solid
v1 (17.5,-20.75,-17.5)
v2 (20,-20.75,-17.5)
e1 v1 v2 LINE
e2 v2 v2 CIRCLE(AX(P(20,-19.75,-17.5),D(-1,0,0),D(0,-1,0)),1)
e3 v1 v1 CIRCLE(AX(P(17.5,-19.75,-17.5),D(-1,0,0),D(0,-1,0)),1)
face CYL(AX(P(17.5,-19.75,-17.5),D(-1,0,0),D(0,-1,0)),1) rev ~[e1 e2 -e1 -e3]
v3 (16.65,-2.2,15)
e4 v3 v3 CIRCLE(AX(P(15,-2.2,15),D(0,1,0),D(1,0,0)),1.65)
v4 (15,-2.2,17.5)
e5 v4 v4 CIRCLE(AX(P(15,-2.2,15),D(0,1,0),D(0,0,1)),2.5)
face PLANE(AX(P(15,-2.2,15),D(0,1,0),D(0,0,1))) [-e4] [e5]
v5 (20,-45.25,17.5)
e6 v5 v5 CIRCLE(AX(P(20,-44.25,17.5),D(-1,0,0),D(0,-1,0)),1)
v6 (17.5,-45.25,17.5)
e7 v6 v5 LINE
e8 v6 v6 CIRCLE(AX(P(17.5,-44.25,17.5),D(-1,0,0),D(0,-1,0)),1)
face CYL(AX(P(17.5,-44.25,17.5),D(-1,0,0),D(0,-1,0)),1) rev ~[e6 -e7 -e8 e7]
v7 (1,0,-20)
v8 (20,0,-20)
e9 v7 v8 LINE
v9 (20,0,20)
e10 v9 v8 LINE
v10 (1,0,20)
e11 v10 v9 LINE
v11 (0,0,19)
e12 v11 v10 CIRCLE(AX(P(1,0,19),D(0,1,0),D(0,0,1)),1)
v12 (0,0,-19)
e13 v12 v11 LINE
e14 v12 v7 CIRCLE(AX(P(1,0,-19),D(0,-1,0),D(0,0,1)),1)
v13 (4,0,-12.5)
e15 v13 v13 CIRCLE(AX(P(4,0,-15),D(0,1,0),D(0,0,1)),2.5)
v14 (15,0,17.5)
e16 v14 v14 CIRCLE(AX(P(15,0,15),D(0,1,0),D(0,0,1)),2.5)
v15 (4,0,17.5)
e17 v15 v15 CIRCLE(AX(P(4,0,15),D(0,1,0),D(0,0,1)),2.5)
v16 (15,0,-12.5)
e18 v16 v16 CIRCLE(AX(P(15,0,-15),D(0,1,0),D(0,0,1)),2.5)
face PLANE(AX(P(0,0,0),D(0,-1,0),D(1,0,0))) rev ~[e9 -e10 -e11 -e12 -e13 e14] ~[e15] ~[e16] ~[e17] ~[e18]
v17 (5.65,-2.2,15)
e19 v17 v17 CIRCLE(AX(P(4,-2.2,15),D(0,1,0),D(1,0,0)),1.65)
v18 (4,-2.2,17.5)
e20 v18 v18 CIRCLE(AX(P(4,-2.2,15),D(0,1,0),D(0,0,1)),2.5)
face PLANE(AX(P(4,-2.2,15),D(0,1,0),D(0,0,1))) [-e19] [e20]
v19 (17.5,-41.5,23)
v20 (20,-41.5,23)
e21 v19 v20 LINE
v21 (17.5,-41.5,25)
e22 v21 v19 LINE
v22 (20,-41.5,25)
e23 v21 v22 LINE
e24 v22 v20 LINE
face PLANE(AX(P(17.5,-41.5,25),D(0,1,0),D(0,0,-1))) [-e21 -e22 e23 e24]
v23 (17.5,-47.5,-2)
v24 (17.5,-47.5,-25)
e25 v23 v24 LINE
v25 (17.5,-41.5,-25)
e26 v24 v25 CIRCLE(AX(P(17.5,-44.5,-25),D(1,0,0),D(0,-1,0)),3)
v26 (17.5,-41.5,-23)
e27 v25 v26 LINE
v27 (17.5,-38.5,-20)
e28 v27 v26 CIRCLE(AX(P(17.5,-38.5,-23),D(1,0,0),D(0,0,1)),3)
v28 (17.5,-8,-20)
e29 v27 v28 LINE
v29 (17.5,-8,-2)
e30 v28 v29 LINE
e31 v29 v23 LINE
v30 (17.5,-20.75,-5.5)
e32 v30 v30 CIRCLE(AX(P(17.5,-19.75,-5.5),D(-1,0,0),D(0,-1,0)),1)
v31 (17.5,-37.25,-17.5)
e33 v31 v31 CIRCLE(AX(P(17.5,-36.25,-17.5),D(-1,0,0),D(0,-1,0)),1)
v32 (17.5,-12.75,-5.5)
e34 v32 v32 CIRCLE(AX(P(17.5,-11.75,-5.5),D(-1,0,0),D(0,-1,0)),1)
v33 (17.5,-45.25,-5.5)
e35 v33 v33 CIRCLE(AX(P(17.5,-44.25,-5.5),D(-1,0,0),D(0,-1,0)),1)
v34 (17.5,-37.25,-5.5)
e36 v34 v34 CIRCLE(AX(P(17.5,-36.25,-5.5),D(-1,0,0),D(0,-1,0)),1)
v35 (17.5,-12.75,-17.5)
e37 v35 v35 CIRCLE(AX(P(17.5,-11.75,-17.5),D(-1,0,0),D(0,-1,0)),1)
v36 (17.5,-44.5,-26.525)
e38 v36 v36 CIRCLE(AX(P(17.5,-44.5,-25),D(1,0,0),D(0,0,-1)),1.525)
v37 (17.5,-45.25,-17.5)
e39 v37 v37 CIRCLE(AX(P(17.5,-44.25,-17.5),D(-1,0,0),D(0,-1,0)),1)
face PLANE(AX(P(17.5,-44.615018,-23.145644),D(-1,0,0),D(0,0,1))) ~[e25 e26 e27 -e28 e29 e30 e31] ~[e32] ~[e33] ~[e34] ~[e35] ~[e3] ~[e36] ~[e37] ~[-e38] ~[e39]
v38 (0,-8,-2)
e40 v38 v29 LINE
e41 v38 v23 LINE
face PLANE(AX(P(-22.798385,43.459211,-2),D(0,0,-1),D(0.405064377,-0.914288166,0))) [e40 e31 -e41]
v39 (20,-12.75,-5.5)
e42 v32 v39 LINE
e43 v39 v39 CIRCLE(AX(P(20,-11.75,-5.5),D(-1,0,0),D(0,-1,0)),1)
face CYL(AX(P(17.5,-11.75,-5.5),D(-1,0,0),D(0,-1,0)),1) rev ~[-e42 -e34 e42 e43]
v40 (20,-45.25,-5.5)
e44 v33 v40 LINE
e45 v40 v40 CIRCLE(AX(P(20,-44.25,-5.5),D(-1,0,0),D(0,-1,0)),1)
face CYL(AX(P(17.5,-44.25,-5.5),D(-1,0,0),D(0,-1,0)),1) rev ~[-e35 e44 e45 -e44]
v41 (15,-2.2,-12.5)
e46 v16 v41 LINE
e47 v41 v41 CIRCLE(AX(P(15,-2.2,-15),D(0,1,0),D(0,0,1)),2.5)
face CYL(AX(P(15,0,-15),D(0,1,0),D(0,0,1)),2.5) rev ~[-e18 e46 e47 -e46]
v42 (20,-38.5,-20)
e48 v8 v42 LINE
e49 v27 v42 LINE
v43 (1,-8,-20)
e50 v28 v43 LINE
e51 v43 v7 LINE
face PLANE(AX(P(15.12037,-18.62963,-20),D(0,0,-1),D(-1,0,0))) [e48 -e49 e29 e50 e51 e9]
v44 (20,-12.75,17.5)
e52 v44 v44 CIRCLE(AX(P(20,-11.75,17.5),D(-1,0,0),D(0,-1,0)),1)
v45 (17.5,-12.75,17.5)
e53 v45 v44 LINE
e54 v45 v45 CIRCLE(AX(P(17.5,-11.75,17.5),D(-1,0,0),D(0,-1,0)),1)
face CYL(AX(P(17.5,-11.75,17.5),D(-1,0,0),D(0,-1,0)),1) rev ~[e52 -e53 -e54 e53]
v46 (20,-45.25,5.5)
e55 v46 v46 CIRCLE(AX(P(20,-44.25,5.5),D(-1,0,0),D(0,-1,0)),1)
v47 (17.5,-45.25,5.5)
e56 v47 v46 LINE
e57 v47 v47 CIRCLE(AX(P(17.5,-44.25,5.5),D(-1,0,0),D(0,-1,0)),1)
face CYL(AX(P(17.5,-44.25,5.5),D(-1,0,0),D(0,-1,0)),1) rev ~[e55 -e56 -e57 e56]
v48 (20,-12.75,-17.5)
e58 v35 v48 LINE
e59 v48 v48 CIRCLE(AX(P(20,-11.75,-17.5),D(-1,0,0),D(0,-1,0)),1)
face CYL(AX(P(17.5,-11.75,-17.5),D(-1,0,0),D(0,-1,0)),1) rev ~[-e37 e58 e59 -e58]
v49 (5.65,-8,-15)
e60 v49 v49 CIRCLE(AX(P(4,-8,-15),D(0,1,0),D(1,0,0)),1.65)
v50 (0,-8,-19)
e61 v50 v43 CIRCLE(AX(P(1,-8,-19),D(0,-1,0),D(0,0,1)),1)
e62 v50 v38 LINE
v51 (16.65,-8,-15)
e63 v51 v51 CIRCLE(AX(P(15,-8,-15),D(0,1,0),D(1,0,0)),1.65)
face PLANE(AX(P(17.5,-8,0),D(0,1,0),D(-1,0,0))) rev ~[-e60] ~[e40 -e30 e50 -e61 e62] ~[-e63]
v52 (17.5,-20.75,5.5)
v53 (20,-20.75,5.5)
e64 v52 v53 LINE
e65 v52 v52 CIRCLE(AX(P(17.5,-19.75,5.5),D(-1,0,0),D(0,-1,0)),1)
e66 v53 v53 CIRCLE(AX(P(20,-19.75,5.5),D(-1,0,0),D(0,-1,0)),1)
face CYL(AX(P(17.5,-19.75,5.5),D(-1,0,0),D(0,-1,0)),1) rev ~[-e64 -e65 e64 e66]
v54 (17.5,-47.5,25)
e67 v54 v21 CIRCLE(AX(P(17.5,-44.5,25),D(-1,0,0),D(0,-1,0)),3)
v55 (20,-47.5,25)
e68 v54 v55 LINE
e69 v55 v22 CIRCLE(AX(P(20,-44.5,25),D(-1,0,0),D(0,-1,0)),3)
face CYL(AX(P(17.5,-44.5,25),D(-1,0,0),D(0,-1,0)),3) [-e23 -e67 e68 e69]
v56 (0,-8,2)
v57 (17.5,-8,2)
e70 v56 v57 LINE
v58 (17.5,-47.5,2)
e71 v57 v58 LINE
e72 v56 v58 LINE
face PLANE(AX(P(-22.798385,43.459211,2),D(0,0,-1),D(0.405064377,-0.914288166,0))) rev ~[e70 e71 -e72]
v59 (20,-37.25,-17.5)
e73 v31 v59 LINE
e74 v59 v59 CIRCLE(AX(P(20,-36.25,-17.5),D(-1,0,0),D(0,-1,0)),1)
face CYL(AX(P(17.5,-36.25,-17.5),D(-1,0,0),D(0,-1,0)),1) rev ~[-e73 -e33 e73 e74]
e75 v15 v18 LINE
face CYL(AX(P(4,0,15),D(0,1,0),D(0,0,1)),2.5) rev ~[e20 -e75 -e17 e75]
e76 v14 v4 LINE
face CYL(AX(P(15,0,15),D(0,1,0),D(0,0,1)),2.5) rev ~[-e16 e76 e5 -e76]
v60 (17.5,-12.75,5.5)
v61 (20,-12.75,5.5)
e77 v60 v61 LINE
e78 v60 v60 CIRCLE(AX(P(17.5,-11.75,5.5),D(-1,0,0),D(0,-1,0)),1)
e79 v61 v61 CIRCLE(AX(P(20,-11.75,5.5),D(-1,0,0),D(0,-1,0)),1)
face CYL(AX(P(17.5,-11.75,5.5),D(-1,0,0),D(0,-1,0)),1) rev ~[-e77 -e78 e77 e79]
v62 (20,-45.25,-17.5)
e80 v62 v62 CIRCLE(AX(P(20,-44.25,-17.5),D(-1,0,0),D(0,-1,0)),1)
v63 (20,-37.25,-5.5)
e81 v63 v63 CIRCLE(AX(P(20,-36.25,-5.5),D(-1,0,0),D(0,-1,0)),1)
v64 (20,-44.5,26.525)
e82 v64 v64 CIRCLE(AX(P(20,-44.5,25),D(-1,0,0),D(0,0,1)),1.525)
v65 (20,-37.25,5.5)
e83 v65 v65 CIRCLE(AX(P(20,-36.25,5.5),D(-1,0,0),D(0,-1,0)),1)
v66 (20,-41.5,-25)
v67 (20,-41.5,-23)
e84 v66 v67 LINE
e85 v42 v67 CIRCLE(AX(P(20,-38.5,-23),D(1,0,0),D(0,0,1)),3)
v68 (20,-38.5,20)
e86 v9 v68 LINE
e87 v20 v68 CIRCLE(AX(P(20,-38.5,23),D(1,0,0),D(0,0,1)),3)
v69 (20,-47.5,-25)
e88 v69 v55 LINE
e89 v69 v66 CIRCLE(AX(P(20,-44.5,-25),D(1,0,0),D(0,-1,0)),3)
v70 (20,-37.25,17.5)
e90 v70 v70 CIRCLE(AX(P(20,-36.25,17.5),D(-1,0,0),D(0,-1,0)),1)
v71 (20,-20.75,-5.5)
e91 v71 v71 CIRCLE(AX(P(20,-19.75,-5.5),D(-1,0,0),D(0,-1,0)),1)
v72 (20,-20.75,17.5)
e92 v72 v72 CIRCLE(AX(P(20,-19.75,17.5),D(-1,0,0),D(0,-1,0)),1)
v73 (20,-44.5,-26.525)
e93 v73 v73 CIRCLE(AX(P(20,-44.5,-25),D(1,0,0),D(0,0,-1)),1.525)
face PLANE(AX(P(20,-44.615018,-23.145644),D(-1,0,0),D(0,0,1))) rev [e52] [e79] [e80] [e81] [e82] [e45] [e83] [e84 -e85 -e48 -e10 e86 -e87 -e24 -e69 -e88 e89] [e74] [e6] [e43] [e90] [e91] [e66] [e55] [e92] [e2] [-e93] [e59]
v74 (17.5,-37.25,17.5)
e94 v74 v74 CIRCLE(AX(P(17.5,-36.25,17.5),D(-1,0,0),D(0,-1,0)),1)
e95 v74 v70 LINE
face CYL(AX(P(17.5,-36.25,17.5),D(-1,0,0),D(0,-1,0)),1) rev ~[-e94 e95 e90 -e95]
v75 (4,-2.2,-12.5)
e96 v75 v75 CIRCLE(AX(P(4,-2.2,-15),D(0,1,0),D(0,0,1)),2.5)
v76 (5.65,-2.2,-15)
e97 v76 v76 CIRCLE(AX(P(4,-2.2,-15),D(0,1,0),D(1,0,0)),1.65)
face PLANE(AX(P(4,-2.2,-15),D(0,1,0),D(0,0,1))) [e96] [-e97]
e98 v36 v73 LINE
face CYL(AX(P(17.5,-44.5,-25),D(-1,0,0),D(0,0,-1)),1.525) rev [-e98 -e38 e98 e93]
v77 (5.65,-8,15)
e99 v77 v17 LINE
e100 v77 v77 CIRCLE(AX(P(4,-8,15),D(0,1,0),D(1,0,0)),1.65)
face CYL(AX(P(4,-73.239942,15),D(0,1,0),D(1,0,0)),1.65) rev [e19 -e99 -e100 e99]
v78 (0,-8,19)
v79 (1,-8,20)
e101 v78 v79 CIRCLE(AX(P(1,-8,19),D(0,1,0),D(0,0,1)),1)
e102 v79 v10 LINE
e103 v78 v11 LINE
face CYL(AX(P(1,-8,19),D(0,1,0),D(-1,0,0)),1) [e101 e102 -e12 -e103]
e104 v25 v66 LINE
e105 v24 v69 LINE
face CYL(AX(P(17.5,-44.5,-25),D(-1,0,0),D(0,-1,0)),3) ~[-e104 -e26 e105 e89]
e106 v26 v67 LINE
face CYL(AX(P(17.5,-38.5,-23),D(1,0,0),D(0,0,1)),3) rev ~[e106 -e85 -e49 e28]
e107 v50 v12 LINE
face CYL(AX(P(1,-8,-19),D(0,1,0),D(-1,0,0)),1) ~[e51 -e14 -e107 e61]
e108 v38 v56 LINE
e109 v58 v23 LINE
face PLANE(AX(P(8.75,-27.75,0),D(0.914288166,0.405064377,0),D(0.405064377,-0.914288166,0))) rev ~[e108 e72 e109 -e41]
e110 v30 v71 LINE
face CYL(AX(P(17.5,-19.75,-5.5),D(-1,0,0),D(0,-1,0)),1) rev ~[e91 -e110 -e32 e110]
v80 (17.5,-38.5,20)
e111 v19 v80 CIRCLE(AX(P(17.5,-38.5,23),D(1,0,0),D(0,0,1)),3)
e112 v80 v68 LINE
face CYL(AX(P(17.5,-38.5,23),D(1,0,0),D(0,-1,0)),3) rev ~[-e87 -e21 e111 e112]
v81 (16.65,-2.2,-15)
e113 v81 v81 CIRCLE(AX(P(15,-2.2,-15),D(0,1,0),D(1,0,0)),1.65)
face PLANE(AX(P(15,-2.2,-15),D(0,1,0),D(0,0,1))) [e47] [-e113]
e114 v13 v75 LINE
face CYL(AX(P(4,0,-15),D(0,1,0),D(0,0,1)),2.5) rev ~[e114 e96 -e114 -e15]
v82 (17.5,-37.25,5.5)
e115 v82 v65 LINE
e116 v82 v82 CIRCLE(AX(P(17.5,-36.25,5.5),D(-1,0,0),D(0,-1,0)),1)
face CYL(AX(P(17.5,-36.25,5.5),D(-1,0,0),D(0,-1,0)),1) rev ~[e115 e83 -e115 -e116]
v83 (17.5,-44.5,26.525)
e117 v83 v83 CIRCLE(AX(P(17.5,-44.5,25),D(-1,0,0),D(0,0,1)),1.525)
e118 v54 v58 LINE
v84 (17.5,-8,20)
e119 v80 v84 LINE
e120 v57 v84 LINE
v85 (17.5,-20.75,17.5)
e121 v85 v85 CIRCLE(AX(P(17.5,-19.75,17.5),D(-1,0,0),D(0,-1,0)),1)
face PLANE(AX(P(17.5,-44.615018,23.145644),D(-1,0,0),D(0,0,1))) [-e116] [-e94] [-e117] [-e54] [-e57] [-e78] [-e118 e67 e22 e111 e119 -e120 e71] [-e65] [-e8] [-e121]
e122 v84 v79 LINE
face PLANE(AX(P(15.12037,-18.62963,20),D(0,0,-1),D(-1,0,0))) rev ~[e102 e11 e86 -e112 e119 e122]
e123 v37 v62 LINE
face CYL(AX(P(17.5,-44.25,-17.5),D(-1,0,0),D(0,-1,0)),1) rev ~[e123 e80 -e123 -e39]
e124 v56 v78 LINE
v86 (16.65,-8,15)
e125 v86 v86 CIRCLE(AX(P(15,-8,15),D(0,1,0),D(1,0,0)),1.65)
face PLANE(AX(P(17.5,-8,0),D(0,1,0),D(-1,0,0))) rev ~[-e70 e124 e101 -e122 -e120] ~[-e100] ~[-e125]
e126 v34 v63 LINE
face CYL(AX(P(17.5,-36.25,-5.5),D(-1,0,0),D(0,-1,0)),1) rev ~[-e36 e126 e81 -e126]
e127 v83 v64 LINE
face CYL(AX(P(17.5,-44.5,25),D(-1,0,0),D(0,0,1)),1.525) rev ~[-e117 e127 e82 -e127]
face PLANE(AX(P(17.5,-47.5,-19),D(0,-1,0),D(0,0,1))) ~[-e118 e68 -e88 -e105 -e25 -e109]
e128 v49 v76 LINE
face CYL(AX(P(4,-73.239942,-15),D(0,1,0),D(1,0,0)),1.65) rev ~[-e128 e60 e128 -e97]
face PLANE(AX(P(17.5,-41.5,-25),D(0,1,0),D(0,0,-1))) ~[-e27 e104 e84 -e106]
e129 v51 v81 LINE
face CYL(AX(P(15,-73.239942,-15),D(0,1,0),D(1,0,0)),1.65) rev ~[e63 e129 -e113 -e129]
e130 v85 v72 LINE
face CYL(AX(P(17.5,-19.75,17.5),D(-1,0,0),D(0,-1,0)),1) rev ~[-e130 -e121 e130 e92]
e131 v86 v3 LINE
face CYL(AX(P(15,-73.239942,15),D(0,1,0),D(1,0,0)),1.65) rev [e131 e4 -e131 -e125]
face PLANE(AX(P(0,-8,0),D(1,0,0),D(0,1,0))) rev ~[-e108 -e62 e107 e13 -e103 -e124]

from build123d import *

# Parameters (mm, degrees)
EXTRUDE_1_DEPTH     = 20
RIB_1_REACH         = 57.283
SKETCH_2_WALL_W     = 155.769731092
SKETCH_2_WALL_H     = 4
HOLE_WIZARD_M4_1_D  = 3.3
SKETCH_6_R          = 2.5
CUT_EXTRUDE_1_DEPTH = 2.2
SKETCH_7_R          = 1
CUT_EXTRUDE_2_DEPTH = 10
FILLET_1_R          = 1
SKETCH_8_R          = 1.525
EXTRUDE_2_DEPTH     = 2.5
FILLET_2_R          = 3


with BuildPart() as part:
    # 草图1 → 凸台-拉伸1 (new, symmetric)
    with BuildSketch(Plane.XY):
        Polygon((0, 0), (20, 0), (20, -47.5), (17.5, -47.5), (17.5, -8), (0, -8), align=None)
    extrude(amount=EXTRUDE_1_DEPTH, both=True)

    # 草图2 wall → 筋1 (add, up to next)
    with BuildSketch(Plane(origin=(8.75, -27.75, 0), x_dir=(0.405064377285, -0.914288165872, 0), z_dir=(0.914288165872, 0.405064377285, 0)), mode=Mode.PRIVATE) as rib_1_sk1:
        Rectangle(SKETCH_2_WALL_W, SKETCH_2_WALL_H)
    rib_1_tool1 = extrude(rib_1_sk1.sketch, amount=RIB_1_REACH, mode=Mode.PRIVATE) - part.part
    add(rib_1_tool1.solids().sort_by_distance((8.75, -27.75, 0))[0])

    # M4 螺纹孔1 (through all)
    with Locations(Plane(origin=(0, -8, 0), x_dir=(-1, 0, 0), z_dir=(0, -1, 0))):
        with Locations((-4, 15), (-15, 15)):
            hole_wizard_m4_1 = Hole(HOLE_WIZARD_M4_1_D / 2)

    # 镜向1: M4 螺纹孔1 across plane
    add(hole_wizard_m4_1.mirror(Plane.XY), mode=Mode.SUBTRACT)

    # 草图6 → 切除-拉伸1 (cut)
    with BuildSketch(Plane(origin=(0, 0, 0), x_dir=(1, 0, 0), z_dir=(0, 1, 0))):
        with Locations(Location((15, 15, 0), (0, 0, 270))):
            Circle(SKETCH_6_R)
        with Locations(Location((4, 15, 0), (0, 0, 270))):
            Circle(SKETCH_6_R)
        with Locations(Location((4, -15, 0), (0, 0, 270))):
            Circle(SKETCH_6_R)
        with Locations(Location((15, -15, 0), (0, 0, 270))):
            Circle(SKETCH_6_R)
    extrude(amount=-CUT_EXTRUDE_1_DEPTH, mode=Mode.SUBTRACT)

    # 草图7 → 切除-拉伸2 (cut)
    with BuildSketch(Plane.ZY.offset(-17.5)):
        with Locations(Location((-5.5, -44.25, 0), (0, 0, 270))):
            Circle(SKETCH_7_R)
        with Locations(Location((-17.5, -44.25, 0), (0, 0, 270))):
            Circle(SKETCH_7_R)
        with Locations(Location((-5.5, -36.25, 0), (0, 0, 270))):
            Circle(SKETCH_7_R)
        with Locations(Location((-17.5, -36.25, 0), (0, 0, 270))):
            Circle(SKETCH_7_R)
        with Locations(Location((-5.5, -19.75, 0), (0, 0, 270))):
            Circle(SKETCH_7_R)
        with Locations(Location((-5.5, -11.75, 0), (0, 0, 270))):
            Circle(SKETCH_7_R)
        with Locations(Location((-17.5, -19.75, 0), (0, 0, 270))):
            Circle(SKETCH_7_R)
        with Locations(Location((-17.5, -11.75, 0), (0, 0, 270))):
            Circle(SKETCH_7_R)
        with Locations(Location((17.5, -11.75, 0), (0, 0, 270))):
            Circle(SKETCH_7_R)
        with Locations(Location((17.5, -19.75, 0), (0, 0, 270))):
            Circle(SKETCH_7_R)
        with Locations(Location((5.5, -11.75, 0), (0, 0, 270))):
            Circle(SKETCH_7_R)
        with Locations(Location((5.5, -19.75, 0), (0, 0, 270))):
            Circle(SKETCH_7_R)
        with Locations(Location((17.5, -36.25, 0), (0, 0, 270))):
            Circle(SKETCH_7_R)
        with Locations(Location((5.5, -36.25, 0), (0, 0, 270))):
            Circle(SKETCH_7_R)
        with Locations(Location((17.5, -44.25, 0), (0, 0, 270))):
            Circle(SKETCH_7_R)
        with Locations(Location((5.5, -44.25, 0), (0, 0, 270))):
            Circle(SKETCH_7_R)
    extrude(amount=-CUT_EXTRUDE_2_DEPTH, mode=Mode.SUBTRACT)

    # 圆角1
    fillet_1_edges = [part.edges().sort_by_distance(p)[0] for p in [
        (18.75, -47.5, 20),
        (0, -4, 20),
        (18.75, -47.5, -20),
        (0, -4, -20),
    ]]
    fillet(fillet_1_edges, radius=FILLET_1_R)

    # 草图8 → 凸台-拉伸2 (add)
    with BuildSketch(Plane.ZY.offset(-17.5)):
        with BuildLine():
            Line((19, -47.5), (25, -47.5))
            ThreePointArc((25, -47.5), (28, -44.5), (25, -41.5))
            Line((25, -41.5), (20, -41.5))
            Line((20, -41.5), (19, -47.5))
        make_face()
        with Locations((25, -44.5)):
            Circle(SKETCH_8_R, mode=Mode.SUBTRACT)
    extrude_2 = extrude(amount=-EXTRUDE_2_DEPTH)

    # 镜向2: 凸台-拉伸2 across plane
    add(extrude_2.mirror(Plane.XY))

    # 圆角2
    fillet_2_edges = [part.edges().sort_by_distance(p)[0] for p in [
        (18.75, -41.5, 20),
        (18.75, -41.5, -20),
    ]]
    fillet(fillet_2_edges, radius=FILLET_2_R)


solid = part.part
